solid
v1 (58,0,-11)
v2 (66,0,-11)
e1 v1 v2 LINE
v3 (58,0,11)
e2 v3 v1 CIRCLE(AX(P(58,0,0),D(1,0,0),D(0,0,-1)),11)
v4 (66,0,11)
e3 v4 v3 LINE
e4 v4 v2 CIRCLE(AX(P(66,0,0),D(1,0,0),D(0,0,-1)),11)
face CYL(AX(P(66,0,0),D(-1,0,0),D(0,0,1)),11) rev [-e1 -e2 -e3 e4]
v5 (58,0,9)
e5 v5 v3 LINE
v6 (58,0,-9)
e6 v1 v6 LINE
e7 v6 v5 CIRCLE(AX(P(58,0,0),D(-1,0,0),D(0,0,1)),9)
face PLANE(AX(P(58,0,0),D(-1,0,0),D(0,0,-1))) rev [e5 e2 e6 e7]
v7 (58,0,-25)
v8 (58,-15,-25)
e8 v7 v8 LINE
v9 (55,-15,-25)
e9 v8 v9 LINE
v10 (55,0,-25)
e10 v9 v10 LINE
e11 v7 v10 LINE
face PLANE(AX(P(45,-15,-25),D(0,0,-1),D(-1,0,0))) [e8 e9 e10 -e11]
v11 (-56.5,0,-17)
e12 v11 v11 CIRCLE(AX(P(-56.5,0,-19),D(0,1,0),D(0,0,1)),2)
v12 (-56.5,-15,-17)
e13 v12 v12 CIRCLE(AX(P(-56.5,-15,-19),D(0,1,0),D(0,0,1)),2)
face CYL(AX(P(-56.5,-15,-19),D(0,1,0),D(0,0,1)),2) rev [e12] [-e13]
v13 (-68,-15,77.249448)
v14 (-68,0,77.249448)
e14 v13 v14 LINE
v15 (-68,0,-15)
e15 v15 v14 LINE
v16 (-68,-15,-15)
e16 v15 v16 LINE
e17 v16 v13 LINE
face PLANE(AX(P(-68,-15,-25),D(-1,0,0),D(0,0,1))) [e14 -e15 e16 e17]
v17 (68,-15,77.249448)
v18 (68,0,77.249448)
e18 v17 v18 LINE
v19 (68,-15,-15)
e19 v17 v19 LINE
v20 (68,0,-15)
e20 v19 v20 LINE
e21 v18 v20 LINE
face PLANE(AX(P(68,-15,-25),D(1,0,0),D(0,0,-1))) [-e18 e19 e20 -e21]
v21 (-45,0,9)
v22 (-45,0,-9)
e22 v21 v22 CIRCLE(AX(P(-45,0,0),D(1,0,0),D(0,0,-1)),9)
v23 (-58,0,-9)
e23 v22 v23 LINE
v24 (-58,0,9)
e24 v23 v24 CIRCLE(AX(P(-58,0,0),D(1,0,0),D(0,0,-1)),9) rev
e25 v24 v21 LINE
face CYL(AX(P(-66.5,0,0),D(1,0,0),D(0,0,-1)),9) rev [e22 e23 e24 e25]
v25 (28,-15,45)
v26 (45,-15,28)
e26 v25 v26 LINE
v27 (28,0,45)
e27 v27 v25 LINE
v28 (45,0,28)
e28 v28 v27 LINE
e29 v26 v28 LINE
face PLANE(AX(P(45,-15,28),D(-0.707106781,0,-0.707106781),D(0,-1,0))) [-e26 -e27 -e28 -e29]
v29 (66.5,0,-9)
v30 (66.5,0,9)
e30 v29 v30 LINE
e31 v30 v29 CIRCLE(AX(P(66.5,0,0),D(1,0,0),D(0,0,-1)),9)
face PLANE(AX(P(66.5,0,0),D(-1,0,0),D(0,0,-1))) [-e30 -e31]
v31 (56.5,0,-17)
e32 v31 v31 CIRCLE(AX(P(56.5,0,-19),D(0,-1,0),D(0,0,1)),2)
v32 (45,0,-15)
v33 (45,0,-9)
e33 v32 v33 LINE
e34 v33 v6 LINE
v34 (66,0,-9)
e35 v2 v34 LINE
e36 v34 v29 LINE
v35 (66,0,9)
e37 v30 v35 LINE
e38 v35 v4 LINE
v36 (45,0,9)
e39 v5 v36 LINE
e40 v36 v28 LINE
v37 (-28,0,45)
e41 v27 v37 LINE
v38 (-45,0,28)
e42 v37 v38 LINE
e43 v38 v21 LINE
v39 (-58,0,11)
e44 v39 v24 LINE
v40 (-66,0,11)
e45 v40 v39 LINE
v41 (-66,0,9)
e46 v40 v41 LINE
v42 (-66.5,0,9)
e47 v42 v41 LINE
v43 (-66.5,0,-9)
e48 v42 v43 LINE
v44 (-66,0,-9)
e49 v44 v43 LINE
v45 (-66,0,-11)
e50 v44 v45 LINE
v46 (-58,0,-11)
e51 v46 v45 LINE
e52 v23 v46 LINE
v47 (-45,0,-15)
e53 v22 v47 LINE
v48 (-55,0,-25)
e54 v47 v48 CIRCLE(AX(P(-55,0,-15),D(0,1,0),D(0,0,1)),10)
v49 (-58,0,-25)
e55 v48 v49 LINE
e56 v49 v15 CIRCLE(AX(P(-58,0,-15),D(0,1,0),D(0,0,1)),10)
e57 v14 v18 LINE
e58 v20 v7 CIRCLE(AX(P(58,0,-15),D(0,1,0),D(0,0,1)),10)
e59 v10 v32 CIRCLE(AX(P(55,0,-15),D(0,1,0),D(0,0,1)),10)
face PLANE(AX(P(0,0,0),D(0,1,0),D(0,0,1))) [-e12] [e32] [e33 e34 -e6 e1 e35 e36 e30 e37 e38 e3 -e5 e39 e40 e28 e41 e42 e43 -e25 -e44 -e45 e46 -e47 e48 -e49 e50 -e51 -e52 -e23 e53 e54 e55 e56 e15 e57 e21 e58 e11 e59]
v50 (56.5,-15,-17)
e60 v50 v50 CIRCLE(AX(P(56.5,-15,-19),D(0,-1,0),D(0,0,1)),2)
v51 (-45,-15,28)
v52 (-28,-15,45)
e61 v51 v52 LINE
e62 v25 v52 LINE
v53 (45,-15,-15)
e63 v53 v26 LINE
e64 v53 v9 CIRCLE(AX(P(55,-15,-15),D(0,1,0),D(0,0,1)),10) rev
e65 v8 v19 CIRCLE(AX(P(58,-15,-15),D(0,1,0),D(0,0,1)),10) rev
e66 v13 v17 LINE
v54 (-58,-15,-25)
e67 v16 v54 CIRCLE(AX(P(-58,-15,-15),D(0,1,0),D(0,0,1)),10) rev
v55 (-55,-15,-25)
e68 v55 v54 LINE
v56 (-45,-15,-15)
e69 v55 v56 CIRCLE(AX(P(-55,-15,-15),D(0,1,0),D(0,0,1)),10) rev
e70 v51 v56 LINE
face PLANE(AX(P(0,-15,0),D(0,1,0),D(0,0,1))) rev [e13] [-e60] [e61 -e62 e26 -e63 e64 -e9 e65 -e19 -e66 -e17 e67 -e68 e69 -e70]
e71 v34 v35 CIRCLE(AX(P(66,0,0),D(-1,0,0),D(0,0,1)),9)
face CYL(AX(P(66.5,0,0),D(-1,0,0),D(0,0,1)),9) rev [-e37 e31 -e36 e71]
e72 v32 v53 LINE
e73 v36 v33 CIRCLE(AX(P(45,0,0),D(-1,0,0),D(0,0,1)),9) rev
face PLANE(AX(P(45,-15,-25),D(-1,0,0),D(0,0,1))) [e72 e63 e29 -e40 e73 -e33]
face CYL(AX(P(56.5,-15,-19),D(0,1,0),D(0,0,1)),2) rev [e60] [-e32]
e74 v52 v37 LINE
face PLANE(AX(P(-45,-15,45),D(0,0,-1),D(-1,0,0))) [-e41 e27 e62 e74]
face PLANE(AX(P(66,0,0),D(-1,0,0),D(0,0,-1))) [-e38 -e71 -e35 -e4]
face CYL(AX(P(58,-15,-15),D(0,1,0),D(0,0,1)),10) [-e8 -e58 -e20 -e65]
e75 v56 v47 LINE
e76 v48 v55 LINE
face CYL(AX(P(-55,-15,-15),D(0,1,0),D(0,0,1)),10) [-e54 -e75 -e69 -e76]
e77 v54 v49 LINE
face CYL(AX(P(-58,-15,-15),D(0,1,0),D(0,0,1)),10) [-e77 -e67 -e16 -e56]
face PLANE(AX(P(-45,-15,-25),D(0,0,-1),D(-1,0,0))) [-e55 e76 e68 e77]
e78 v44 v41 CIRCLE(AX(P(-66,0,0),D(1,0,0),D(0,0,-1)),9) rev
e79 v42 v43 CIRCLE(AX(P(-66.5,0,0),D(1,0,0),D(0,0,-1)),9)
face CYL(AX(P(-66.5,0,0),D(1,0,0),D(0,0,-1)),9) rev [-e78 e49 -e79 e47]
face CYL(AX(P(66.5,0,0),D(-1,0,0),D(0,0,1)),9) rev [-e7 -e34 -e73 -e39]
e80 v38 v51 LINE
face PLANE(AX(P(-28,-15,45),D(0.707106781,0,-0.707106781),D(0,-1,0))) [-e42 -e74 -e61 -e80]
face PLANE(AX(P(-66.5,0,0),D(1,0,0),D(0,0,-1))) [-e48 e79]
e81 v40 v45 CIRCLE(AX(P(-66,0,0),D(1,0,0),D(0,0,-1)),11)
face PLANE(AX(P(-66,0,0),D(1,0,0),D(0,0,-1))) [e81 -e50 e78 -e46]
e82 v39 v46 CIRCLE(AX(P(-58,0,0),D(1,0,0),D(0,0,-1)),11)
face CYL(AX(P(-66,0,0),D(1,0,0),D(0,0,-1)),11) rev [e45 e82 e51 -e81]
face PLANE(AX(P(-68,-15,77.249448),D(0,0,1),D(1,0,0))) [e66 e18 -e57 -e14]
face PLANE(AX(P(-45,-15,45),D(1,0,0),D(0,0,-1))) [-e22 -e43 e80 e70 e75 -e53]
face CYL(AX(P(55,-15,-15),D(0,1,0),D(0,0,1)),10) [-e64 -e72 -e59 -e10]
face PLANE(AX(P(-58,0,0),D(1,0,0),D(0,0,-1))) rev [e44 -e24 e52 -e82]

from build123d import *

# Parameters (mm, degrees)
BOSS_EXTRUDE1_DEPTH = 15
SKETCH2_R           = 9
CUT_EXTRUDE1_DEPTH  = 66.5
CUT_EXTRUDE2_START  = -58
SKETCH4_R           = 11
CUT_EXTRUDE2_DEPTH  = 8
CHAMFER1_SIZE       = 17
SKETCH5_R           = 2
CUT_EXTRUDE3_DEPTH  = 105.002294435
FILLET1_R           = 10


with BuildPart() as part:
    # Sketch1 → Boss-Extrude1 (new body)
    with BuildSketch(Plane(origin=(0, 0, 0), x_dir=(1, 0, 0), z_dir=(0, 1, 0))):
        Polygon((-45, 25), (-68, 25), (-68, -77.249448203), (68, -77.249448203), (68, 25), (45, 25), (45, -45), (-45, -45), align=None)
    extrude(amount=-BOSS_EXTRUDE1_DEPTH)

    # Sketch2 → Cut-Extrude1 (cut)
    with BuildSketch(Plane(origin=(0, 0, 0), x_dir=(0, 0, -1), z_dir=(1, 0, 0))):
        Circle(SKETCH2_R)
    cut_extrude1 = extrude(amount=-CUT_EXTRUDE1_DEPTH, mode=Mode.SUBTRACT)

    # Sketch4 → Cut-Extrude2 (cut)
    with BuildSketch(Plane(origin=(0, 0, 0), x_dir=(0, 0, -1), z_dir=(1, 0, 0)).offset(CUT_EXTRUDE2_START)):
        Circle(SKETCH4_R)
    cut_extrude2 = extrude(amount=-CUT_EXTRUDE2_DEPTH, mode=Mode.SUBTRACT)

    # Chamfer1
    chamfer1_edges = [part.edges().sort_by_distance(p)[0] for p in [
        (-45, -7.5, 45),
        (45, -7.5, 45),
    ]]
    chamfer(chamfer1_edges, length=CHAMFER1_SIZE)

    # Sketch5 → Cut-Extrude3 (cut, through all)
    with BuildSketch(Plane(origin=(0, 0, 0), x_dir=(1, 0, 0), z_dir=(0, 1, 0))):
        with Locations(Location((-56.5, 19, 0), (0, 0, 270))):
            Circle(SKETCH5_R)
    cut_extrude3 = extrude(amount=-CUT_EXTRUDE3_DEPTH, mode=Mode.SUBTRACT)

    # Fillet1
    fillet1_edges = [part.edges().sort_by_distance(p)[0] for p in [
        (45, -7.5, -25),
        (68, -7.5, -25),
        (-68, -7.5, -25),
        (-45, -7.5, -25),
    ]]
    fillet(fillet1_edges, radius=FILLET1_R)

    # Mirror2: Cut-Extrude1, Cut-Extrude2, Cut-Extrude3 across plane
    add(cut_extrude1.mirror(Plane(origin=(0, 0, 0), x_dir=(0, 0, 1), z_dir=(1, 0, 0))), mode=Mode.SUBTRACT)
    add(cut_extrude2.mirror(Plane(origin=(0, 0, 0), x_dir=(0, 0, 1), z_dir=(1, 0, 0))), mode=Mode.SUBTRACT)
    add(cut_extrude3.mirror(Plane(origin=(0, 0, 0), x_dir=(0, 0, 1), z_dir=(1, 0, 0))), mode=Mode.SUBTRACT)


solid = part.part
